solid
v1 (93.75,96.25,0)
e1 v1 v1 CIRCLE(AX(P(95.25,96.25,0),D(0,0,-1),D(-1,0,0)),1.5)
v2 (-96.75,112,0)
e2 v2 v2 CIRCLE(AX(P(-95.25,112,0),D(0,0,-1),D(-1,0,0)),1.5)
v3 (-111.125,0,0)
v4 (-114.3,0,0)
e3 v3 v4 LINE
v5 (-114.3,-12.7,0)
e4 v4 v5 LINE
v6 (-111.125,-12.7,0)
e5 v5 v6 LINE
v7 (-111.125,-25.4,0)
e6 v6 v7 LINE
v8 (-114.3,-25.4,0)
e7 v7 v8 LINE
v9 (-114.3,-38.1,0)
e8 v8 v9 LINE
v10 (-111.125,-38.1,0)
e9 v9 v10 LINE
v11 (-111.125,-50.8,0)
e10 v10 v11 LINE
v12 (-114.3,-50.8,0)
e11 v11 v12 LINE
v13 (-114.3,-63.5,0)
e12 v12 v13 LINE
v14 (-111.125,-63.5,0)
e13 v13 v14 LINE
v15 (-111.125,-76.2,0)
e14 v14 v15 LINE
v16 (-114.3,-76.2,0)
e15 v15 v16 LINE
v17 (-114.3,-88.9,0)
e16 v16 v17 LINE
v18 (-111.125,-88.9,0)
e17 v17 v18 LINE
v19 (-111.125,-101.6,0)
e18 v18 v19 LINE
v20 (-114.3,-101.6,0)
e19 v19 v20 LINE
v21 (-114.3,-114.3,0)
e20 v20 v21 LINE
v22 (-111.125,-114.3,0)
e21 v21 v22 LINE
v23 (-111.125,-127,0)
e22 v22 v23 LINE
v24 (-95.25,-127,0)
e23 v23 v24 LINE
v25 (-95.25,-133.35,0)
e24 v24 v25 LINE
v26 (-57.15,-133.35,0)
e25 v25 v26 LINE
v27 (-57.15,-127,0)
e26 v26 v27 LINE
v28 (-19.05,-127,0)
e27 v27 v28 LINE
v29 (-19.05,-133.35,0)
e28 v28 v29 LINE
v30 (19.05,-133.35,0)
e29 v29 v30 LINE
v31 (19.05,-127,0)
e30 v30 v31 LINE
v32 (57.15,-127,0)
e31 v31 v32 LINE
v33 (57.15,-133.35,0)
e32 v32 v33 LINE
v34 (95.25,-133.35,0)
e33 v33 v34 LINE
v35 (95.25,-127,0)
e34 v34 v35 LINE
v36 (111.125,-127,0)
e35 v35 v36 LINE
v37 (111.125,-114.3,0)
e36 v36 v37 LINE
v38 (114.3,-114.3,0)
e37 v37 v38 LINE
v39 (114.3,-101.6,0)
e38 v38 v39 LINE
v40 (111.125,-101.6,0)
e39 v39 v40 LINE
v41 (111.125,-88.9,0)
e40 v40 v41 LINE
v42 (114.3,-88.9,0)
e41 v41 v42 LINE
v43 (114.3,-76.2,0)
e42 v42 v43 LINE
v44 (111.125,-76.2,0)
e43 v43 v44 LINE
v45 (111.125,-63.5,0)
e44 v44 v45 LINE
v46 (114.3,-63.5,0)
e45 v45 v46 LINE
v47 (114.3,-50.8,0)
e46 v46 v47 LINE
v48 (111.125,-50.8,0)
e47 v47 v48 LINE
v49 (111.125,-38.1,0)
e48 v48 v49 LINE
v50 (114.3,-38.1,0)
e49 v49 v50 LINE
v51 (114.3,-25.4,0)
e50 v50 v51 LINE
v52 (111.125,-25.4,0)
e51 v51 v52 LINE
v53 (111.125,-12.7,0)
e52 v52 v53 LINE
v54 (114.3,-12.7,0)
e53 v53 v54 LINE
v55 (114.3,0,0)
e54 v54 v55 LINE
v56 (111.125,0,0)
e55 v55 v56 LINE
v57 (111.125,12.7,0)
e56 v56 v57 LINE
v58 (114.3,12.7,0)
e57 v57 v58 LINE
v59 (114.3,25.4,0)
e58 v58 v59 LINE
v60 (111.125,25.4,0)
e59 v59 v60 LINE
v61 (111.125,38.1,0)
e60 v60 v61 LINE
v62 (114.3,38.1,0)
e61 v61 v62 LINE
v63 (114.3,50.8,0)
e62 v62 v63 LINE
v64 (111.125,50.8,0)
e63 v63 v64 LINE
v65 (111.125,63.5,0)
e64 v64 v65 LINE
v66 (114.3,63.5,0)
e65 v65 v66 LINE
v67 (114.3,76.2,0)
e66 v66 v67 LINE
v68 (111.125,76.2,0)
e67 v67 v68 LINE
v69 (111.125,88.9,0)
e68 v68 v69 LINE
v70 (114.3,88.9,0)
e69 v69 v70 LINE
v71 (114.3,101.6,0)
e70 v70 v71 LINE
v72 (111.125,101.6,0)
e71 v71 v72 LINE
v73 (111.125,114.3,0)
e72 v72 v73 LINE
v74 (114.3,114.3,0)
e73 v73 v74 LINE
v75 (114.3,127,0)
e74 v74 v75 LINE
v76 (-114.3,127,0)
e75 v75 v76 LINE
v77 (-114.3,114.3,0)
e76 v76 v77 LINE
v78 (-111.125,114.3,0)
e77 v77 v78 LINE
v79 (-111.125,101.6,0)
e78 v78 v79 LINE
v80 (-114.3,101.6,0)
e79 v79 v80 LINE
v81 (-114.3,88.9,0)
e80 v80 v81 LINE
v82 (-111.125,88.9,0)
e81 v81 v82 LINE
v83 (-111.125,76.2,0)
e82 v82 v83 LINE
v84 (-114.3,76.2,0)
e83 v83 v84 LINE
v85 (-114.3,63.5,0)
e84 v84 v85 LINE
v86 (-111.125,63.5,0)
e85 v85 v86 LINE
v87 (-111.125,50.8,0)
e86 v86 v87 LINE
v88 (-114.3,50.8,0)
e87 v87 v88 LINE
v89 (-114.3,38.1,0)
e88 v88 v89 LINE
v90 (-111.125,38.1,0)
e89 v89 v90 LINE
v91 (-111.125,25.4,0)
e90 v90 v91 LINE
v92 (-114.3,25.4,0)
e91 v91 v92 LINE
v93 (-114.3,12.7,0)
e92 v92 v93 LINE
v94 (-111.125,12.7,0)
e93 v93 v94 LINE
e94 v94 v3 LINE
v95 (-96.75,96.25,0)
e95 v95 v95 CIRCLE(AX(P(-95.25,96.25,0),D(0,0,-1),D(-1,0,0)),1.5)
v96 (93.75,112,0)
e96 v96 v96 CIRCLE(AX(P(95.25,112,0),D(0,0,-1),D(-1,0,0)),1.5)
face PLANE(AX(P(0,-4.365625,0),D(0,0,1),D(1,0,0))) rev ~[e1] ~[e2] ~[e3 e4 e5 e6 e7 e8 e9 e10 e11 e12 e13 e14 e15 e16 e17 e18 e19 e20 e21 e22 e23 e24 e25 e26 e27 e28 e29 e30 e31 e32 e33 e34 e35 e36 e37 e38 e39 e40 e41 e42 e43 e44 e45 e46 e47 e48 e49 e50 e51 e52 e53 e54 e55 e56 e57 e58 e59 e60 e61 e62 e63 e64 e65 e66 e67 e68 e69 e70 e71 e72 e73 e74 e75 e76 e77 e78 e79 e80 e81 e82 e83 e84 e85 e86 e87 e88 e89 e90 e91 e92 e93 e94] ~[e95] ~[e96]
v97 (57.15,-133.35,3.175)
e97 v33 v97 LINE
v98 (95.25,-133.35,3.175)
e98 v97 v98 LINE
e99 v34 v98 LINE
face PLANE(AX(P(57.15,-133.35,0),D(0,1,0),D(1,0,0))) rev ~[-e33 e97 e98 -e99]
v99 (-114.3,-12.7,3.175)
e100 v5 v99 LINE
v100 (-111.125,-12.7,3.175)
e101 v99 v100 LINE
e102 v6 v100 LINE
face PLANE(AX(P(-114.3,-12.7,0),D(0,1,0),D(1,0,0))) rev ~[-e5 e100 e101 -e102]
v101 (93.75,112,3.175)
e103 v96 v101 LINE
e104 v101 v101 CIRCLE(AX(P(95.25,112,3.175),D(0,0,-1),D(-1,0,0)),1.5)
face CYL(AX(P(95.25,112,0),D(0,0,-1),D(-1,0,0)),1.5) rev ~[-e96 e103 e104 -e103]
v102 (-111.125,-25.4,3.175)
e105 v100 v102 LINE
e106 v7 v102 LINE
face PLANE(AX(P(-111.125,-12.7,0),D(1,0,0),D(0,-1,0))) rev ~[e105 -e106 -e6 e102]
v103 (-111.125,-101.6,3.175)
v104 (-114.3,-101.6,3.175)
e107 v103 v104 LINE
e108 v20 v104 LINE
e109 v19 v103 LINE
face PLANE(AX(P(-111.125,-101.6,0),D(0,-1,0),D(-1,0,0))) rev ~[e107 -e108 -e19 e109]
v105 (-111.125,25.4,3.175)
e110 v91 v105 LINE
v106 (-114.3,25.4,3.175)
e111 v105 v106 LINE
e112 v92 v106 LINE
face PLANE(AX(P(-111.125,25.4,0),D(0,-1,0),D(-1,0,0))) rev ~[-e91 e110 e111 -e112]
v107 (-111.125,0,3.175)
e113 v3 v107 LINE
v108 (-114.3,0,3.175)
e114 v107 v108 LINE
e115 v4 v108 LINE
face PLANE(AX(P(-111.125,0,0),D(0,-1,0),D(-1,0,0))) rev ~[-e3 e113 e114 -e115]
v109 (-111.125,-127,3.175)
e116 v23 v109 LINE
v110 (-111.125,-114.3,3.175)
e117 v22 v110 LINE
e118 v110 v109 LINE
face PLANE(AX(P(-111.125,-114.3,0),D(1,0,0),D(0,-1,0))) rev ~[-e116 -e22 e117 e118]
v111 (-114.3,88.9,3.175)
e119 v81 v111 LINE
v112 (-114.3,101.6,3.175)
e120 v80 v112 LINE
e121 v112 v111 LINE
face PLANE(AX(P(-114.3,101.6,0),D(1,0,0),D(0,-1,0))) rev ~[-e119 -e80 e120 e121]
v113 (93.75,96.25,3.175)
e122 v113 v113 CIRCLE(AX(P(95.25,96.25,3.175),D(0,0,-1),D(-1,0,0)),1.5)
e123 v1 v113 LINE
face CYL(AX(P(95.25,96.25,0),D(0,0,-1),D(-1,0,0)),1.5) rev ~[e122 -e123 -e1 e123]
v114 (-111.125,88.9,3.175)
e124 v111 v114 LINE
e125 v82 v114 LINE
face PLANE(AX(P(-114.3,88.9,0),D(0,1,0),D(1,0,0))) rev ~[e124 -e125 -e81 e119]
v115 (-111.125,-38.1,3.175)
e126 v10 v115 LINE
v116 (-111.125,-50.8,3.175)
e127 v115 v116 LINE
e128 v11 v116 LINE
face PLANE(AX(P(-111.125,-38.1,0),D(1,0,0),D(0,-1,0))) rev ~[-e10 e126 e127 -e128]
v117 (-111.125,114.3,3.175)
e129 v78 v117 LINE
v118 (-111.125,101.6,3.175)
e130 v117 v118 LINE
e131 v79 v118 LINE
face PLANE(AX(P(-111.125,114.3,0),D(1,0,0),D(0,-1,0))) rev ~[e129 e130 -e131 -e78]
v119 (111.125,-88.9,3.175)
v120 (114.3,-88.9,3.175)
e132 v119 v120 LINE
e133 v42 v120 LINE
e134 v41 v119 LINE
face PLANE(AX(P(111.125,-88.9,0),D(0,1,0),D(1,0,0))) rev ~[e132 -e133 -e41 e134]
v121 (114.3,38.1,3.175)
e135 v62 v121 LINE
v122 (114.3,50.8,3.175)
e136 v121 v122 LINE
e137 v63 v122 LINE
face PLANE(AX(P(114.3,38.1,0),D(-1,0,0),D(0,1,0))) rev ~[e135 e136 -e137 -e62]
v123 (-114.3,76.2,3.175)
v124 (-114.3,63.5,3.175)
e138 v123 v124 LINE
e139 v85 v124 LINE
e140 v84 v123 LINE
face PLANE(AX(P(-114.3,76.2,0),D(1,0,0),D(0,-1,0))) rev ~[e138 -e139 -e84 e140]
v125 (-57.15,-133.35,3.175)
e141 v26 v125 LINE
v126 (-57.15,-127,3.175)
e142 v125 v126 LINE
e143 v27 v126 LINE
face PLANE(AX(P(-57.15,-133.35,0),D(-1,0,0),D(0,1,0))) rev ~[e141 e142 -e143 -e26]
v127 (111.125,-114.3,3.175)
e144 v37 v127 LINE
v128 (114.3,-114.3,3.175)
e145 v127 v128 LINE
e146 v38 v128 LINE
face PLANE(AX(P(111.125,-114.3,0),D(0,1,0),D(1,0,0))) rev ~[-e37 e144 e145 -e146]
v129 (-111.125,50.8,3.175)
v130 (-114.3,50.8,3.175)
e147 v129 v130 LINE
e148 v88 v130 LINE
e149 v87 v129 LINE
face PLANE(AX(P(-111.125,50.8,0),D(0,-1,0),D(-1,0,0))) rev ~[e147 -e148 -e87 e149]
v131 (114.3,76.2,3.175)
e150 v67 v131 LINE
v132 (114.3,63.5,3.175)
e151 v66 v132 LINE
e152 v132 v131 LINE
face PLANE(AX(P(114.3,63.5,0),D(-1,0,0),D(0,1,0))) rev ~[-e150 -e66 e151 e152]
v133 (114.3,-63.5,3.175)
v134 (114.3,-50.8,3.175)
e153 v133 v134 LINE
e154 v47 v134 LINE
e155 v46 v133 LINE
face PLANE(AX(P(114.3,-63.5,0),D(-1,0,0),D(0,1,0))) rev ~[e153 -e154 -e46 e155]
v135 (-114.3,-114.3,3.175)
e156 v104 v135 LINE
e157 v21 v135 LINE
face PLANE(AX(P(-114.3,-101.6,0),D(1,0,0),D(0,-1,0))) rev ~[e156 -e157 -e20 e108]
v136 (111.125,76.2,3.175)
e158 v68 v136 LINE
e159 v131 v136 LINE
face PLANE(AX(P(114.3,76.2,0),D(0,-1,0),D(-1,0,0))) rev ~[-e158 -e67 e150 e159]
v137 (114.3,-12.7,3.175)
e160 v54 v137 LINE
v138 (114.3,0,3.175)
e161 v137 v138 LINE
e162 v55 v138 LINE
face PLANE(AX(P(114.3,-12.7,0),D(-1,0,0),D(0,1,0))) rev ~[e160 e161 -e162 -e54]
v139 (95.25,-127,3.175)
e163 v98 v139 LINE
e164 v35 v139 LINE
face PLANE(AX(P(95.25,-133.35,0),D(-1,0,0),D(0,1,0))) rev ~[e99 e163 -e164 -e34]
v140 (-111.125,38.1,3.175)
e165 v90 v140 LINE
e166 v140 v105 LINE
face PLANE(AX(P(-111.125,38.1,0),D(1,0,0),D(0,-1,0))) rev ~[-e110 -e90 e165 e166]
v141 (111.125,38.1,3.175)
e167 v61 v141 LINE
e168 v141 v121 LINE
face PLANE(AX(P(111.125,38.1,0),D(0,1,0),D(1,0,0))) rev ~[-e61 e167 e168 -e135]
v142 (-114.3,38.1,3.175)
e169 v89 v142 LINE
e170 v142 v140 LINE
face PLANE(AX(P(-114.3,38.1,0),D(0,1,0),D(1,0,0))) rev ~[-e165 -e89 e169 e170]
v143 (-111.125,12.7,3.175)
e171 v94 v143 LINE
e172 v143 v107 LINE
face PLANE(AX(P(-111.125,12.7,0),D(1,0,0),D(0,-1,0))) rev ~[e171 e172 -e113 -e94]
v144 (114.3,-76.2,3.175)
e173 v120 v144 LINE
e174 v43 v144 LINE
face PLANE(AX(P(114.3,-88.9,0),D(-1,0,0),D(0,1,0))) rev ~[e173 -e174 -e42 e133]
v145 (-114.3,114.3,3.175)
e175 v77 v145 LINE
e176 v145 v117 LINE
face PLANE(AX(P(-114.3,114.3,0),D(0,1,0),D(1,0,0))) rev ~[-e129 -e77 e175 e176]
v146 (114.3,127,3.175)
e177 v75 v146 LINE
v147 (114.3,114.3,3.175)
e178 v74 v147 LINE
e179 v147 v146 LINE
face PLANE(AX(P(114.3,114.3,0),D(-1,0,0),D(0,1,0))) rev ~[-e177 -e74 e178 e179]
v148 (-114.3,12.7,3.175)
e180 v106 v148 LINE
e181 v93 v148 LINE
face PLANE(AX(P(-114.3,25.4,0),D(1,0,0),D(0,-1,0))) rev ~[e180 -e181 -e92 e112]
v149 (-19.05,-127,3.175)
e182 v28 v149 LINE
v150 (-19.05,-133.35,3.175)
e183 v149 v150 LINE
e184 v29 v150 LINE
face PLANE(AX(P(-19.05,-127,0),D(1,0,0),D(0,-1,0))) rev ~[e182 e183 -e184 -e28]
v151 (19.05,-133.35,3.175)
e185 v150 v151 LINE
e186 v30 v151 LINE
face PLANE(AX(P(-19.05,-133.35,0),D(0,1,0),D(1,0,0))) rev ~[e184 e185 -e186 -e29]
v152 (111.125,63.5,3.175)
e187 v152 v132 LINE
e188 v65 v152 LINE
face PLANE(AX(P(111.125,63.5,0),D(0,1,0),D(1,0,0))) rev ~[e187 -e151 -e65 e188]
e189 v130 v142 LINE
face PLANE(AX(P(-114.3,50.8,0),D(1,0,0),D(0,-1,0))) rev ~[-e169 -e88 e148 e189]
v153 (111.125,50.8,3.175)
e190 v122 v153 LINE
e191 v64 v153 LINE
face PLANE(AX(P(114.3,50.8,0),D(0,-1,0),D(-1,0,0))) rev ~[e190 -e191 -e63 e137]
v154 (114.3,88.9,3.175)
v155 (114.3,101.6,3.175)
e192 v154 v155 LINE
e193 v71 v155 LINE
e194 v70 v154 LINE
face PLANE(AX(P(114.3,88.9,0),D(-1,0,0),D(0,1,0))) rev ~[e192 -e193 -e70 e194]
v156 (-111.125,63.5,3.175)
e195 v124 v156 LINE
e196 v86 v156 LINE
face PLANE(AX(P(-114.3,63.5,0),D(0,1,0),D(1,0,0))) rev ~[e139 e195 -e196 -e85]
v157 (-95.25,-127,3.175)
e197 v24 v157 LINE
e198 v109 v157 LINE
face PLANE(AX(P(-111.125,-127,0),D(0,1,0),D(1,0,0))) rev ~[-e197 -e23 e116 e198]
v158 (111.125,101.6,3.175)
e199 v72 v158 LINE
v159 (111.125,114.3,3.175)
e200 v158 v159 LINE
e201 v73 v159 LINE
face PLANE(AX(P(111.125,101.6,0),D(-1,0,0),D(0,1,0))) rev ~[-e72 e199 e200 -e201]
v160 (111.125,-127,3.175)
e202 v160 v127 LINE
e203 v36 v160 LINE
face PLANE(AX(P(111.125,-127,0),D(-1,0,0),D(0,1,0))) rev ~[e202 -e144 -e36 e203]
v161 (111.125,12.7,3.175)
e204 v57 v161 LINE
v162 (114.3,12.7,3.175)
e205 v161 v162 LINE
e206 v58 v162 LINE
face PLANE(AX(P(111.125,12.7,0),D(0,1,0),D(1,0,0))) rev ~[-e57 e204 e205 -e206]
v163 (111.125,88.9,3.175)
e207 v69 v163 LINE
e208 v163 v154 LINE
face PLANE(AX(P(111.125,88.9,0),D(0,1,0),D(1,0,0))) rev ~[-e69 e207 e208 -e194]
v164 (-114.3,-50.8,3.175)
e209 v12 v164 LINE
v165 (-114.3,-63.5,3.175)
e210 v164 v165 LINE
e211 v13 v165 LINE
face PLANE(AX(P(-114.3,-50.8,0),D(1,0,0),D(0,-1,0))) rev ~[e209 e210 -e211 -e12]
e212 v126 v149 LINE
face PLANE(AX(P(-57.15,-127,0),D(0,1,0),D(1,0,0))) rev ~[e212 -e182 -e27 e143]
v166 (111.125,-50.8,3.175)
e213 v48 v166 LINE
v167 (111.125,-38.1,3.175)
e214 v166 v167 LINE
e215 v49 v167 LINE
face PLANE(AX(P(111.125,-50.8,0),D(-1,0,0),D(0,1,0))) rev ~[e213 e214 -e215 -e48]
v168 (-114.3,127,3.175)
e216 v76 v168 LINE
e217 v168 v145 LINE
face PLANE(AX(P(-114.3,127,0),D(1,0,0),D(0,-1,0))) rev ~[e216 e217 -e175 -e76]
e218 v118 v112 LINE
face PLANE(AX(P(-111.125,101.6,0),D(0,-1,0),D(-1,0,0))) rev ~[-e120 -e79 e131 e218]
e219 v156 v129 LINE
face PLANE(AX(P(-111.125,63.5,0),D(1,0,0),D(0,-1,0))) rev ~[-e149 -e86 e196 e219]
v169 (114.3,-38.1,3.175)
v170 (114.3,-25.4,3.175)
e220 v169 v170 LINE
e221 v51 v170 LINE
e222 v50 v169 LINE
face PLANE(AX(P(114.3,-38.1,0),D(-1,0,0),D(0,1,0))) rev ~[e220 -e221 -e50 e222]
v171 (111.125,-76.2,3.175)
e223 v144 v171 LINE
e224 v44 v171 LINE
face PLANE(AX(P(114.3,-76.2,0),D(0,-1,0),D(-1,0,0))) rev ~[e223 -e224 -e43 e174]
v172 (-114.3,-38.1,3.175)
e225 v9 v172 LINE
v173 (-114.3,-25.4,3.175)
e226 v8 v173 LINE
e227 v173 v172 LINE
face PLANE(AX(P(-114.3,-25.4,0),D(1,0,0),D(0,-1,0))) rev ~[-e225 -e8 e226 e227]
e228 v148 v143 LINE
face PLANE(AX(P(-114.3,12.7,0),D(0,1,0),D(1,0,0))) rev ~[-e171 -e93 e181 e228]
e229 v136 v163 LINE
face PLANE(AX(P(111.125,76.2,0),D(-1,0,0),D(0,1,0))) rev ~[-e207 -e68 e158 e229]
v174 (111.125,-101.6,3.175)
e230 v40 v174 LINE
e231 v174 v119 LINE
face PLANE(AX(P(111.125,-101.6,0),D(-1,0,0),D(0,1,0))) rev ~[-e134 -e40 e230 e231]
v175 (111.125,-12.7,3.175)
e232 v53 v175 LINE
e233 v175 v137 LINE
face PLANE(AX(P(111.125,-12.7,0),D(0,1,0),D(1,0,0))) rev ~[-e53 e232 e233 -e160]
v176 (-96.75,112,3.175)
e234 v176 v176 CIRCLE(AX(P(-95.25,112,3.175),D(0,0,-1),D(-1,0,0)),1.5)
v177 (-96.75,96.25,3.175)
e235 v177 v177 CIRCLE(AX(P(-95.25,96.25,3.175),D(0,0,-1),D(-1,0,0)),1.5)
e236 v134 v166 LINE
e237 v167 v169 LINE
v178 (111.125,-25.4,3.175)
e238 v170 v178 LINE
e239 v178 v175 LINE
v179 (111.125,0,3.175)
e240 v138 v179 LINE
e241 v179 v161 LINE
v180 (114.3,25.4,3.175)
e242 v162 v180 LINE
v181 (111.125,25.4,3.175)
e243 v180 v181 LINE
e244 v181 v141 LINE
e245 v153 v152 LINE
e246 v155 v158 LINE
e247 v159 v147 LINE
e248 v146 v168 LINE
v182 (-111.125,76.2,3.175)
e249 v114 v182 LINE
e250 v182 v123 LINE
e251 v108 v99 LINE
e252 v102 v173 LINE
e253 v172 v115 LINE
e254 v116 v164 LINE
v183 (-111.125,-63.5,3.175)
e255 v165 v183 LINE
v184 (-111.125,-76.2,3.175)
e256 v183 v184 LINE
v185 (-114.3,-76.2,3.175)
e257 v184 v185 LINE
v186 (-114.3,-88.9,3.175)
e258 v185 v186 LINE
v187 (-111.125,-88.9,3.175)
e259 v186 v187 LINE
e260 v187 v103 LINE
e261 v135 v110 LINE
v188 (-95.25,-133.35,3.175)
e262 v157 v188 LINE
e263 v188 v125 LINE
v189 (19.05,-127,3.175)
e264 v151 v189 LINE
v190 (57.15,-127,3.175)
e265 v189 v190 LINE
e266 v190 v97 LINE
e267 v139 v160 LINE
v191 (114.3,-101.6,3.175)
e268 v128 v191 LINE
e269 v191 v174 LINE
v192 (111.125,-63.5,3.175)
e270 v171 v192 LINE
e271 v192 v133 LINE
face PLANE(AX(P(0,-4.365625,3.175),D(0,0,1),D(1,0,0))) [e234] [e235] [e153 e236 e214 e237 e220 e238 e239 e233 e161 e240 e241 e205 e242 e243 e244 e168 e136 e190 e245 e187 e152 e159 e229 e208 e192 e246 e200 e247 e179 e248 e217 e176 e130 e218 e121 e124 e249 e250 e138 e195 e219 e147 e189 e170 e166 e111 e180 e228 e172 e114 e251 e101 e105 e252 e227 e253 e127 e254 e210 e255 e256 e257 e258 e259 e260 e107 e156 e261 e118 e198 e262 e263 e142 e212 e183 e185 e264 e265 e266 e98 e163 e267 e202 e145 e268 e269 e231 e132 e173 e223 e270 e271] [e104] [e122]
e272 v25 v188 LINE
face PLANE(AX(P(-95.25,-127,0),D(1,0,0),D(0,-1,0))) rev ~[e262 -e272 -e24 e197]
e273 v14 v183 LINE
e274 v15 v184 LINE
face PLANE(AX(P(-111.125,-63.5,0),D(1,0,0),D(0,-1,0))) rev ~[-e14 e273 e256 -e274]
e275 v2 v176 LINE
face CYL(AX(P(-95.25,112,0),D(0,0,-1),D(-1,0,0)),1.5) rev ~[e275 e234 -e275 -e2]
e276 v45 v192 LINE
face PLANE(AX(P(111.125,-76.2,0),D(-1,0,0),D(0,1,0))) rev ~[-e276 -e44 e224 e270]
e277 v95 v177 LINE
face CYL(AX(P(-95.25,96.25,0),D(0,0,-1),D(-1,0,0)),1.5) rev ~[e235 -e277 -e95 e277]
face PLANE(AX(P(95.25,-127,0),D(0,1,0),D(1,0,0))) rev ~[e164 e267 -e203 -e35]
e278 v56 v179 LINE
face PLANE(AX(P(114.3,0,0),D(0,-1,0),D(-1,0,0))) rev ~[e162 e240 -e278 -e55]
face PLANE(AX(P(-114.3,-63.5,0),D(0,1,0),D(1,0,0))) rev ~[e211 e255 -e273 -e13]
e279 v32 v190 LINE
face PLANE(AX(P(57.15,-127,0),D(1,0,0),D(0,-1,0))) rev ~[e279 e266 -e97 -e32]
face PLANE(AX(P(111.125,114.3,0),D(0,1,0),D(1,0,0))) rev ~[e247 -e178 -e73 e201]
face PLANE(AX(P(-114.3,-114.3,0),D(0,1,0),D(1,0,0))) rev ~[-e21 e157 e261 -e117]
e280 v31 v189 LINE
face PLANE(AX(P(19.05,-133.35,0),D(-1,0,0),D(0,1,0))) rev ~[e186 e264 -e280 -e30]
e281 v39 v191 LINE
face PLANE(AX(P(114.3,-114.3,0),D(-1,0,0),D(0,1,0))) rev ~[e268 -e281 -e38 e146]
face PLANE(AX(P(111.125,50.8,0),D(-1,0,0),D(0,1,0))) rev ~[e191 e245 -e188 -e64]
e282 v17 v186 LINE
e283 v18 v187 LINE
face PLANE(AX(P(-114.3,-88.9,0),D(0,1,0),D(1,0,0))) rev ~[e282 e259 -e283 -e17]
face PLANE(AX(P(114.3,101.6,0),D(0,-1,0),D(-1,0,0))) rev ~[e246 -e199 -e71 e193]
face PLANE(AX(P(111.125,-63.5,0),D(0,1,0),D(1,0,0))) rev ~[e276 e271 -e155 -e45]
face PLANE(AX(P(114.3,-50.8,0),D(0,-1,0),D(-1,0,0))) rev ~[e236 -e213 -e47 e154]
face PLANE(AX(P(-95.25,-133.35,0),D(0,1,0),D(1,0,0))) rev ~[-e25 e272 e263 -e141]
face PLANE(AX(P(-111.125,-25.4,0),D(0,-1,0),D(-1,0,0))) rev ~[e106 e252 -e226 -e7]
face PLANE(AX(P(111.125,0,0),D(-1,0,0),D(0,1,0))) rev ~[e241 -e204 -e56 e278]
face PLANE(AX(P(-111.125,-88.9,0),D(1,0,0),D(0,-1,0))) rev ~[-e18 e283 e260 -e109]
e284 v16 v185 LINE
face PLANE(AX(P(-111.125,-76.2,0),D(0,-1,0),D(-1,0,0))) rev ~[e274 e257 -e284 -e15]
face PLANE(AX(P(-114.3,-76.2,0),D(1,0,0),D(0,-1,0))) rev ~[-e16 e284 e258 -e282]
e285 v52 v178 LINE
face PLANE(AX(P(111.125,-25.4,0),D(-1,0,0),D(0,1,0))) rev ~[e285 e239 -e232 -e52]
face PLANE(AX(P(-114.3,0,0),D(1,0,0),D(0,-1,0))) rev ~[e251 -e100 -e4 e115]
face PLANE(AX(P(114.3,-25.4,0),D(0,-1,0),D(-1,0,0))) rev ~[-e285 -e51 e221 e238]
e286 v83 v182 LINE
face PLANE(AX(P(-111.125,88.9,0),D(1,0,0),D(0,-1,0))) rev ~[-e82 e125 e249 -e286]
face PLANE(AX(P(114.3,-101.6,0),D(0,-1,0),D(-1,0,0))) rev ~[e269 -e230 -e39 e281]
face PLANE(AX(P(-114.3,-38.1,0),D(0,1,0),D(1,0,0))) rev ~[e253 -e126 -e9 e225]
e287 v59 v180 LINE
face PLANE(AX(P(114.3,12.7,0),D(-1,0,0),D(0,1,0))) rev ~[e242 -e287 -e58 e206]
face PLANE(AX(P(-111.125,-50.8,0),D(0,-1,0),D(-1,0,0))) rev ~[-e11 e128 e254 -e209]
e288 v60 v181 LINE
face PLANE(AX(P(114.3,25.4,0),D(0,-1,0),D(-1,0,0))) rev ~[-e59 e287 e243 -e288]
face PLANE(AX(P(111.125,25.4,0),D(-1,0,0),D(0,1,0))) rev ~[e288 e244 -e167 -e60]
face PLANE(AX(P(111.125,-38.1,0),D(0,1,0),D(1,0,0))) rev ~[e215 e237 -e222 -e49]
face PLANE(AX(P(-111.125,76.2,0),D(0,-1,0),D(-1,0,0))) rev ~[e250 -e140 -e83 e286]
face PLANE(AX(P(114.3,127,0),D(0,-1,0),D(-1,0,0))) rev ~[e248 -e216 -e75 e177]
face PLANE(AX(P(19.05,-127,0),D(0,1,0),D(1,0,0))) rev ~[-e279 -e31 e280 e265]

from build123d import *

# Parameters (mm, degrees)
BOSS_EXTRUDE1_DEPTH = 3.175
SKETCH3_R           = 1.5
CUT_EXTRUDE1_DEPTH  = 3.175


with BuildPart() as part:
    # Sketch1 → Boss-Extrude1 (new body)
    with BuildSketch(Plane.XY):
        Polygon((-114.3, 127), (-114.3, 114.3), (-111.125, 114.3), (-111.125, 101.6), (-114.3, 101.6), (-114.3, 88.9), (-111.125, 88.9), (-111.125, 76.2), (-114.3, 76.2), (-114.3, 63.5), (-111.125, 63.5), (-111.125, 50.8), (-114.3, 50.8), (-114.3, 38.1), (-111.125, 38.1), (-111.125, 25.4), (-114.3, 25.4), (-114.3, 12.7), (-111.125, 12.7), (-111.125, 0), (-114.3, 0), (-114.3, -12.7), (-111.125, -12.7), (-111.125, -25.4), (-114.3, -25.4), (-114.3, -38.1), (-111.125, -38.1), (-111.125, -50.8), (-114.3, -50.8), (-114.3, -63.5), (-111.125, -63.5), (-111.125, -76.2), (-114.3, -76.2), (-114.3, -88.9), (-111.125, -88.9), (-111.125, -101.6), (-114.3, -101.6), (-114.3, -114.3), (-111.125, -114.3), (-111.125, -127), (-95.25, -127), (-95.25, -133.35), (-57.15, -133.35), (-57.15, -127), (-19.05, -127), (-19.05, -133.35), (19.05, -133.35), (19.05, -127), (57.15, -127), (57.15, -133.35), (95.25, -133.35), (95.25, -127), (111.125, -127), (111.125, -114.3), (114.3, -114.3), (114.3, -101.6), (111.125, -101.6), (111.125, -88.9), (114.3, -88.9), (114.3, -76.2), (111.125, -76.2), (111.125, -63.5), (114.3, -63.5), (114.3, -50.8), (111.125, -50.8), (111.125, -38.1), (114.3, -38.1), (114.3, -25.4), (111.125, -25.4), (111.125, -12.7), (114.3, -12.7), (114.3, 0), (111.125, 0), (111.125, 12.7), (114.3, 12.7), (114.3, 25.4), (111.125, 25.4), (111.125, 38.1), (114.3, 38.1), (114.3, 50.8), (111.125, 50.8), (111.125, 63.5), (114.3, 63.5), (114.3, 76.2), (111.125, 76.2), (111.125, 88.9), (114.3, 88.9), (114.3, 101.6), (111.125, 101.6), (111.125, 114.3), (114.3, 114.3), (114.3, 127), align=None)
    extrude(amount=BOSS_EXTRUDE1_DEPTH)

    # Sketch3 → Cut-Extrude1 (cut)
    with BuildSketch(Plane(origin=(0, 0, 0), x_dir=(-1, 0, 0), z_dir=(0, 0, -1))):
        with Locations((-95.25, 112)):
            Circle(SKETCH3_R)
        with Locations((-95.25, 96.25)):
            Circle(SKETCH3_R)
        with Locations((95.25, 96.25)):
            Circle(SKETCH3_R)
        with Locations((95.25, 112)):
            Circle(SKETCH3_R)
    extrude(amount=-CUT_EXTRUDE1_DEPTH, mode=Mode.SUBTRACT)


solid = part.part
